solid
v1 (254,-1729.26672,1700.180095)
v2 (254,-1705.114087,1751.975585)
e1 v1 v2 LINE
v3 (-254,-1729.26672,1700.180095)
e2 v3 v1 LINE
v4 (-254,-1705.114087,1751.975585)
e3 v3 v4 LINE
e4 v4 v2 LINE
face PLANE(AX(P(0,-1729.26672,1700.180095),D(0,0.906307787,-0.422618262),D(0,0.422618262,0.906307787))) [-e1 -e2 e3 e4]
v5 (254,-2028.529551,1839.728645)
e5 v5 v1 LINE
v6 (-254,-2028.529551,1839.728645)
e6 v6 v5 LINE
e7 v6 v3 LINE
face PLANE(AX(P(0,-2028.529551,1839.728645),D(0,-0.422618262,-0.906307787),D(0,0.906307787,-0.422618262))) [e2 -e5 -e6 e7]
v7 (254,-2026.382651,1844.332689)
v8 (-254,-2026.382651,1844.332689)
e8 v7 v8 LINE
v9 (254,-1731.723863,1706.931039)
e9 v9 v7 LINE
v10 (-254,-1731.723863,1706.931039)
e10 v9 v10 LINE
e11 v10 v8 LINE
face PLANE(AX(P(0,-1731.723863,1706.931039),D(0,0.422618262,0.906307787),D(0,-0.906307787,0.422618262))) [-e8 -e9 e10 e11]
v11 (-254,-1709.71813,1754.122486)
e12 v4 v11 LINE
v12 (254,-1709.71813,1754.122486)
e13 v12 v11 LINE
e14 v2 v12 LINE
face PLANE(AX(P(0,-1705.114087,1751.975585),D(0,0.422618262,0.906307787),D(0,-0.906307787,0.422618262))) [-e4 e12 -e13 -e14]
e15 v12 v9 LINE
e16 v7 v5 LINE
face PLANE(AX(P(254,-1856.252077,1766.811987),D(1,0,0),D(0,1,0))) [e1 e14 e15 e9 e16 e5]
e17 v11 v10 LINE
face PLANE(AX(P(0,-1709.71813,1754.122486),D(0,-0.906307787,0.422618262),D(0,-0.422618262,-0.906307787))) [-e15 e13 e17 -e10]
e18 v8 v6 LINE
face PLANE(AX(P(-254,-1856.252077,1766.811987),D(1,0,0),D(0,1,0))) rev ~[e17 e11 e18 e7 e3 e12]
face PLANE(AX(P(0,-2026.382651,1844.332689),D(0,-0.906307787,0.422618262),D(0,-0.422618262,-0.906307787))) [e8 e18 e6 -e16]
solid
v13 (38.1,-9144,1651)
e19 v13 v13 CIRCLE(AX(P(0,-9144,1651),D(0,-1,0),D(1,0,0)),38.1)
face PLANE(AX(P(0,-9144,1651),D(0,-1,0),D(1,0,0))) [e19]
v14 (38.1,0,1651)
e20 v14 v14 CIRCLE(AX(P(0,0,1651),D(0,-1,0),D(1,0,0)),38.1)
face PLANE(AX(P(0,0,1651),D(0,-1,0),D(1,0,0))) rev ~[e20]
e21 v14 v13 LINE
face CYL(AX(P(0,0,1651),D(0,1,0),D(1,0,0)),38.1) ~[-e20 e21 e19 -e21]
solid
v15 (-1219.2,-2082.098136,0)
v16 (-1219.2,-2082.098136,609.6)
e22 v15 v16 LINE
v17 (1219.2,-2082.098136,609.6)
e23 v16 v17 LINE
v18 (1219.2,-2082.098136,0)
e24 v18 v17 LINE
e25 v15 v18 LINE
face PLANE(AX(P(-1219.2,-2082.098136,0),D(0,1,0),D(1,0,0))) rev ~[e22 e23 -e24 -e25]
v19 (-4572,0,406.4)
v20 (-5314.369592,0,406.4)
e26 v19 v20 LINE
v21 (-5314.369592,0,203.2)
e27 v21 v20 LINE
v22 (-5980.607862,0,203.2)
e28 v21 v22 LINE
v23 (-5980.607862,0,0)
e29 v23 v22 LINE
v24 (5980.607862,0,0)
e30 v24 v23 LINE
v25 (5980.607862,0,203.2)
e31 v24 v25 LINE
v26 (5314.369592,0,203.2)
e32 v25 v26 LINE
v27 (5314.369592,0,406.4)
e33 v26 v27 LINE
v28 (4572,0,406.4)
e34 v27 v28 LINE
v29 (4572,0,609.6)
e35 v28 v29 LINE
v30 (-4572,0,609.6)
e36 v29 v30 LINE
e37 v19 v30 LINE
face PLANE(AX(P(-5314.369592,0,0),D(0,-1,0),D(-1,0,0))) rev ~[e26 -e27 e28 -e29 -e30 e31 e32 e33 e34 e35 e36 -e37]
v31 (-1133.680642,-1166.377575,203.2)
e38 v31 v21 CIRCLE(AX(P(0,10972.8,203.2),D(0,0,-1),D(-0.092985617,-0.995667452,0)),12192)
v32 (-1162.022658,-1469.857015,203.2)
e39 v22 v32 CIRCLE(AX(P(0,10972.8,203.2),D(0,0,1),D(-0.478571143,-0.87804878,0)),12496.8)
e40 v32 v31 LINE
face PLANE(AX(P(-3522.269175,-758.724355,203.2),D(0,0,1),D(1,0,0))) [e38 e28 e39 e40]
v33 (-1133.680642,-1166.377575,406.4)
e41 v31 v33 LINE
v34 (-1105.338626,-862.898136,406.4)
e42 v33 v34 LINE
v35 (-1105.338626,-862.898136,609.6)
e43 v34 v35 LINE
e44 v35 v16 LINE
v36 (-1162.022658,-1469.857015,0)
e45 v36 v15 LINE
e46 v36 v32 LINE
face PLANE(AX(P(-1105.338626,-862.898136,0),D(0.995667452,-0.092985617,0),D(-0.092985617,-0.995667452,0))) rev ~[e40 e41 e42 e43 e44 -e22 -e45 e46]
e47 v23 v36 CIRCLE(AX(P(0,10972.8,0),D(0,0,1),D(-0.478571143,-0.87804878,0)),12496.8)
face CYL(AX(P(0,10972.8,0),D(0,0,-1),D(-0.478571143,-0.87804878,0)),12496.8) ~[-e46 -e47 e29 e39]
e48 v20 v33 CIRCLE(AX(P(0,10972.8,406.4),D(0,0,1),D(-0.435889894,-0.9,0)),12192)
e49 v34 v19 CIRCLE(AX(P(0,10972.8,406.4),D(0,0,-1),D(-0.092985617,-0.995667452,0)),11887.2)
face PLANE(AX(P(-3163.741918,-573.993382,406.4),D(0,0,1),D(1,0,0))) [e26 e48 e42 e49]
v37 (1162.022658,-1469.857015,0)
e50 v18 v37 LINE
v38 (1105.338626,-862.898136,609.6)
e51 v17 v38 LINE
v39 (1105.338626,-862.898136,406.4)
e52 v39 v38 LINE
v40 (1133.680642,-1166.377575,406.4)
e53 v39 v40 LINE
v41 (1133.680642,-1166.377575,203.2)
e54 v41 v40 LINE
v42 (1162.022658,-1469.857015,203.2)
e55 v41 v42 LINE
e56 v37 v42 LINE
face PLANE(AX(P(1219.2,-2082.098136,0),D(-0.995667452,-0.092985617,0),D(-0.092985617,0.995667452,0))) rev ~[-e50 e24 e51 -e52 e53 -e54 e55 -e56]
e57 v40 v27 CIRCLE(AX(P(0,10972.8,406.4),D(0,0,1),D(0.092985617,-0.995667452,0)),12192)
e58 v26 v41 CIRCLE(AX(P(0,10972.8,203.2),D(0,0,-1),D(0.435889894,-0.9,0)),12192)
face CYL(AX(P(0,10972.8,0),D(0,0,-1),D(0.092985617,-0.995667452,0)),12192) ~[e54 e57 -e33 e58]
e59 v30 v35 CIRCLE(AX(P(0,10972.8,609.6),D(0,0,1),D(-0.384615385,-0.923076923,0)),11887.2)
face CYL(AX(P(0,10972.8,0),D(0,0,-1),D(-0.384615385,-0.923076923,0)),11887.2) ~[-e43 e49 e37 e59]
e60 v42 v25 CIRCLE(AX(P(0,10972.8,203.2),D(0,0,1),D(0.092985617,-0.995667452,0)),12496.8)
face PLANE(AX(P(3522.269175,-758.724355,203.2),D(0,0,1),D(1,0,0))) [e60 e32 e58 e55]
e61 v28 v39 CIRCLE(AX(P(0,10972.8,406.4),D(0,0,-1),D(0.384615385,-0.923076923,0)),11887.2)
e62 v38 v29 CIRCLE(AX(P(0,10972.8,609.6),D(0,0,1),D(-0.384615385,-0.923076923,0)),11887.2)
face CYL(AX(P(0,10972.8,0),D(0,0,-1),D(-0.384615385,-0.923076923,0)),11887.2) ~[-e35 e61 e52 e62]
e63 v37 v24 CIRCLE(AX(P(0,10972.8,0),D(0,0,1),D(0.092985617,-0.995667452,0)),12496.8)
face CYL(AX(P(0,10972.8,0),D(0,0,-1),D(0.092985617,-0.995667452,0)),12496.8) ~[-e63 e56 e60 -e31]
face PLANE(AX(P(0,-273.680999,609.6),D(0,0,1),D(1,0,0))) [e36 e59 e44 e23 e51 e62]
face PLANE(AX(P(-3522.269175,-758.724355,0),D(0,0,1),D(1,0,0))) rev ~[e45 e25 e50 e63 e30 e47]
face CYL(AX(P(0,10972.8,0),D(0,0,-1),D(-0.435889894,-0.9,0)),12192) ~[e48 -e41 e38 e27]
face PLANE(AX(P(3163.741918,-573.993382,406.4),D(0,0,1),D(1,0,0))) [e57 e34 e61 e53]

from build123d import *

# Parameters (mm, degrees)
F1_DEPTH = 609.6
F2_DEPTH = 406.4
F3_DEPTH = 203.2
F5_DEPTH = 9144
F7_DEPTH = 254


with BuildPart() as f1:
    # F0 (on Top) → F1 (new body)
    with BuildSketch(Plane.XY):
        with BuildLine():
            Line((4572, 0), (-4572, 0))
            ThreePointArc((-4572, 0), (-2871.2700615902, -562.4213708024), (-1105.3386259367, -862.8981358098))
            ThreePointArc((-1105.3386259367, -862.8981358098), (0, -914.4), (1105.3386259367, -862.8981358098))
            ThreePointArc((1105.3386259367, -862.8981358098), (2871.2700615902, -562.4213708024), (4572, 0))
        make_face()
        with BuildLine():
            ThreePointArc((0, -1524), (-581.6416681815, -1510.4569151578), (-1162.0226580358, -1469.8570145693))
            Line((-1162.022658036, -1469.8570145693), (-1219.2, -2082.0981358098))
            Line((-1219.2, -2082.0981358098), (0, -2082.0981358098))
            Line((0, -2082.0981358098), (0, -1524))
        make_face()
        with BuildLine():
            Line((1219.2, -2082.0981358098), (1162.022658036, -1469.8570145693))
            ThreePointArc((1162.0226580358, -1469.8570145693), (581.6416681815, -1510.4569151578), (0, -1524))
            Line((0, -1524), (0, -2082.0981358098))
            Line((0, -2082.0981358098), (1219.2, -2082.0981358098))
        make_face()
        with BuildLine():
            ThreePointArc((1133.6806419859, -1166.3775751896), (0, -1219.2), (-1133.6806419859, -1166.3775751896))
            Line((-1133.6806419863, -1166.3775751896), (-1162.022658036, -1469.8570145693))
            ThreePointArc((-1162.0226580358, -1469.8570145693), (-581.6416681815, -1510.4569151578), (0, -1524))
            ThreePointArc((0, -1524), (581.6416681815, -1510.4569151578), (1162.0226580358, -1469.8570145693))
            Line((1162.022658036, -1469.8570145693), (1133.6806419863, -1166.3775751896))
        make_face()
        with BuildLine():
            ThreePointArc((1105.3386259367, -862.8981358098), (0, -914.4), (-1105.3386259367, -862.8981358098))
            Line((-1105.3386259367, -862.8981358098), (-1133.6806419863, -1166.3775751896))
            ThreePointArc((-1133.6806419859, -1166.3775751896), (0, -1219.2), (1133.6806419859, -1166.3775751896))
            Line((1133.6806419863, -1166.3775751896), (1105.3386259367, -862.8981358098))
        make_face()
    extrude(amount=F1_DEPTH)

    # F0 (on Top) → F2 (join)
    with BuildSketch(Plane.XY):
        with BuildLine():
            ThreePointArc((-1105.3386259367, -862.8981358098), (-2871.2700615902, -562.4213708024), (-4572, 0))
            Line((-4572, 0), (-5314.3695919648, 0))
            ThreePointArc((-5314.3695919648, 0), (-3276.3466112218, -770.7265948154), (-1133.6806419859, -1166.3775751896))
            Line((-1133.6806419863, -1166.3775751896), (-1105.3386259367, -862.8981358098))
        make_face()
        with BuildLine():
            Line((5314.3695919648, 0), (4572, 0))
            ThreePointArc((4572, 0), (2871.2700615902, -562.4213708024), (1105.3386259367, -862.8981358098))
            Line((1105.3386259367, -862.8981358098), (1133.6806419863, -1166.3775751896))
            ThreePointArc((1133.6806419859, -1166.3775751896), (3276.3466112218, -770.7265948154), (5314.3695919648, 0))
        make_face()
    extrude(amount=F2_DEPTH)

    # F0 (on Top) → F3 (join)
    with BuildSketch(Plane.XY):
        with BuildLine():
            ThreePointArc((-1133.6806419859, -1166.3775751896), (-3276.3466112218, -770.7265948154), (-5314.3695919648, 0))
            Line((-5314.3695919648, 0), (-5980.6078620822, 0))
            ThreePointArc((-5980.6078620822, 0), (-3646.1503805452, -980.2580874707), (-1162.0226580358, -1469.8570145693))
            Line((-1162.022658036, -1469.8570145693), (-1133.6806419863, -1166.3775751896))
        make_face()
        with BuildLine():
            Line((5980.6078620822, 0), (5314.3695919648, 0))
            ThreePointArc((5314.3695919648, 0), (3276.3466112218, -770.7265948154), (1133.6806419859, -1166.3775751896))
            Line((1133.6806419863, -1166.3775751896), (1162.022658036, -1469.8570145693))
            ThreePointArc((1162.0226580358, -1469.8570145693), (3646.1503805452, -980.2580874707), (5980.6078620822, 0))
        make_face()
    extrude(amount=F3_DEPTH)


with BuildPart() as f5:
    # F4 (on Front) → F5 (new body)
    with BuildSketch(Plane.XZ):
        with BuildLine():
            ThreePointArc((0, 1612.9), (26.9407683632, 1624.0592316368), (38.1, 1651))
            ThreePointArc((38.1, 1651), (-26.9407683632, 1677.9407683632), (0, 1612.9))
        make_face()
    extrude(amount=F5_DEPTH)


with BuildPart() as f7:
    # F6 (on Right) → F7 (new body, symmetric)
    with BuildSketch(Plane.YZ):
        Polygon((-2026.3826506799, 1844.3326886685), (-2028.5295514496, 1839.7286451103), (-1878.8981358098, 1769.9543700969), (-1729.2667201701, 1700.1800950835), (-1705.1140865116, 1751.9755851127), (-1709.7181300698, 1754.1224858823), (-1731.7238629586, 1706.9310394113), align=None)
    extrude(amount=F7_DEPTH, both=True)


solid = Compound([f1.part, f5.part, f7.part])
